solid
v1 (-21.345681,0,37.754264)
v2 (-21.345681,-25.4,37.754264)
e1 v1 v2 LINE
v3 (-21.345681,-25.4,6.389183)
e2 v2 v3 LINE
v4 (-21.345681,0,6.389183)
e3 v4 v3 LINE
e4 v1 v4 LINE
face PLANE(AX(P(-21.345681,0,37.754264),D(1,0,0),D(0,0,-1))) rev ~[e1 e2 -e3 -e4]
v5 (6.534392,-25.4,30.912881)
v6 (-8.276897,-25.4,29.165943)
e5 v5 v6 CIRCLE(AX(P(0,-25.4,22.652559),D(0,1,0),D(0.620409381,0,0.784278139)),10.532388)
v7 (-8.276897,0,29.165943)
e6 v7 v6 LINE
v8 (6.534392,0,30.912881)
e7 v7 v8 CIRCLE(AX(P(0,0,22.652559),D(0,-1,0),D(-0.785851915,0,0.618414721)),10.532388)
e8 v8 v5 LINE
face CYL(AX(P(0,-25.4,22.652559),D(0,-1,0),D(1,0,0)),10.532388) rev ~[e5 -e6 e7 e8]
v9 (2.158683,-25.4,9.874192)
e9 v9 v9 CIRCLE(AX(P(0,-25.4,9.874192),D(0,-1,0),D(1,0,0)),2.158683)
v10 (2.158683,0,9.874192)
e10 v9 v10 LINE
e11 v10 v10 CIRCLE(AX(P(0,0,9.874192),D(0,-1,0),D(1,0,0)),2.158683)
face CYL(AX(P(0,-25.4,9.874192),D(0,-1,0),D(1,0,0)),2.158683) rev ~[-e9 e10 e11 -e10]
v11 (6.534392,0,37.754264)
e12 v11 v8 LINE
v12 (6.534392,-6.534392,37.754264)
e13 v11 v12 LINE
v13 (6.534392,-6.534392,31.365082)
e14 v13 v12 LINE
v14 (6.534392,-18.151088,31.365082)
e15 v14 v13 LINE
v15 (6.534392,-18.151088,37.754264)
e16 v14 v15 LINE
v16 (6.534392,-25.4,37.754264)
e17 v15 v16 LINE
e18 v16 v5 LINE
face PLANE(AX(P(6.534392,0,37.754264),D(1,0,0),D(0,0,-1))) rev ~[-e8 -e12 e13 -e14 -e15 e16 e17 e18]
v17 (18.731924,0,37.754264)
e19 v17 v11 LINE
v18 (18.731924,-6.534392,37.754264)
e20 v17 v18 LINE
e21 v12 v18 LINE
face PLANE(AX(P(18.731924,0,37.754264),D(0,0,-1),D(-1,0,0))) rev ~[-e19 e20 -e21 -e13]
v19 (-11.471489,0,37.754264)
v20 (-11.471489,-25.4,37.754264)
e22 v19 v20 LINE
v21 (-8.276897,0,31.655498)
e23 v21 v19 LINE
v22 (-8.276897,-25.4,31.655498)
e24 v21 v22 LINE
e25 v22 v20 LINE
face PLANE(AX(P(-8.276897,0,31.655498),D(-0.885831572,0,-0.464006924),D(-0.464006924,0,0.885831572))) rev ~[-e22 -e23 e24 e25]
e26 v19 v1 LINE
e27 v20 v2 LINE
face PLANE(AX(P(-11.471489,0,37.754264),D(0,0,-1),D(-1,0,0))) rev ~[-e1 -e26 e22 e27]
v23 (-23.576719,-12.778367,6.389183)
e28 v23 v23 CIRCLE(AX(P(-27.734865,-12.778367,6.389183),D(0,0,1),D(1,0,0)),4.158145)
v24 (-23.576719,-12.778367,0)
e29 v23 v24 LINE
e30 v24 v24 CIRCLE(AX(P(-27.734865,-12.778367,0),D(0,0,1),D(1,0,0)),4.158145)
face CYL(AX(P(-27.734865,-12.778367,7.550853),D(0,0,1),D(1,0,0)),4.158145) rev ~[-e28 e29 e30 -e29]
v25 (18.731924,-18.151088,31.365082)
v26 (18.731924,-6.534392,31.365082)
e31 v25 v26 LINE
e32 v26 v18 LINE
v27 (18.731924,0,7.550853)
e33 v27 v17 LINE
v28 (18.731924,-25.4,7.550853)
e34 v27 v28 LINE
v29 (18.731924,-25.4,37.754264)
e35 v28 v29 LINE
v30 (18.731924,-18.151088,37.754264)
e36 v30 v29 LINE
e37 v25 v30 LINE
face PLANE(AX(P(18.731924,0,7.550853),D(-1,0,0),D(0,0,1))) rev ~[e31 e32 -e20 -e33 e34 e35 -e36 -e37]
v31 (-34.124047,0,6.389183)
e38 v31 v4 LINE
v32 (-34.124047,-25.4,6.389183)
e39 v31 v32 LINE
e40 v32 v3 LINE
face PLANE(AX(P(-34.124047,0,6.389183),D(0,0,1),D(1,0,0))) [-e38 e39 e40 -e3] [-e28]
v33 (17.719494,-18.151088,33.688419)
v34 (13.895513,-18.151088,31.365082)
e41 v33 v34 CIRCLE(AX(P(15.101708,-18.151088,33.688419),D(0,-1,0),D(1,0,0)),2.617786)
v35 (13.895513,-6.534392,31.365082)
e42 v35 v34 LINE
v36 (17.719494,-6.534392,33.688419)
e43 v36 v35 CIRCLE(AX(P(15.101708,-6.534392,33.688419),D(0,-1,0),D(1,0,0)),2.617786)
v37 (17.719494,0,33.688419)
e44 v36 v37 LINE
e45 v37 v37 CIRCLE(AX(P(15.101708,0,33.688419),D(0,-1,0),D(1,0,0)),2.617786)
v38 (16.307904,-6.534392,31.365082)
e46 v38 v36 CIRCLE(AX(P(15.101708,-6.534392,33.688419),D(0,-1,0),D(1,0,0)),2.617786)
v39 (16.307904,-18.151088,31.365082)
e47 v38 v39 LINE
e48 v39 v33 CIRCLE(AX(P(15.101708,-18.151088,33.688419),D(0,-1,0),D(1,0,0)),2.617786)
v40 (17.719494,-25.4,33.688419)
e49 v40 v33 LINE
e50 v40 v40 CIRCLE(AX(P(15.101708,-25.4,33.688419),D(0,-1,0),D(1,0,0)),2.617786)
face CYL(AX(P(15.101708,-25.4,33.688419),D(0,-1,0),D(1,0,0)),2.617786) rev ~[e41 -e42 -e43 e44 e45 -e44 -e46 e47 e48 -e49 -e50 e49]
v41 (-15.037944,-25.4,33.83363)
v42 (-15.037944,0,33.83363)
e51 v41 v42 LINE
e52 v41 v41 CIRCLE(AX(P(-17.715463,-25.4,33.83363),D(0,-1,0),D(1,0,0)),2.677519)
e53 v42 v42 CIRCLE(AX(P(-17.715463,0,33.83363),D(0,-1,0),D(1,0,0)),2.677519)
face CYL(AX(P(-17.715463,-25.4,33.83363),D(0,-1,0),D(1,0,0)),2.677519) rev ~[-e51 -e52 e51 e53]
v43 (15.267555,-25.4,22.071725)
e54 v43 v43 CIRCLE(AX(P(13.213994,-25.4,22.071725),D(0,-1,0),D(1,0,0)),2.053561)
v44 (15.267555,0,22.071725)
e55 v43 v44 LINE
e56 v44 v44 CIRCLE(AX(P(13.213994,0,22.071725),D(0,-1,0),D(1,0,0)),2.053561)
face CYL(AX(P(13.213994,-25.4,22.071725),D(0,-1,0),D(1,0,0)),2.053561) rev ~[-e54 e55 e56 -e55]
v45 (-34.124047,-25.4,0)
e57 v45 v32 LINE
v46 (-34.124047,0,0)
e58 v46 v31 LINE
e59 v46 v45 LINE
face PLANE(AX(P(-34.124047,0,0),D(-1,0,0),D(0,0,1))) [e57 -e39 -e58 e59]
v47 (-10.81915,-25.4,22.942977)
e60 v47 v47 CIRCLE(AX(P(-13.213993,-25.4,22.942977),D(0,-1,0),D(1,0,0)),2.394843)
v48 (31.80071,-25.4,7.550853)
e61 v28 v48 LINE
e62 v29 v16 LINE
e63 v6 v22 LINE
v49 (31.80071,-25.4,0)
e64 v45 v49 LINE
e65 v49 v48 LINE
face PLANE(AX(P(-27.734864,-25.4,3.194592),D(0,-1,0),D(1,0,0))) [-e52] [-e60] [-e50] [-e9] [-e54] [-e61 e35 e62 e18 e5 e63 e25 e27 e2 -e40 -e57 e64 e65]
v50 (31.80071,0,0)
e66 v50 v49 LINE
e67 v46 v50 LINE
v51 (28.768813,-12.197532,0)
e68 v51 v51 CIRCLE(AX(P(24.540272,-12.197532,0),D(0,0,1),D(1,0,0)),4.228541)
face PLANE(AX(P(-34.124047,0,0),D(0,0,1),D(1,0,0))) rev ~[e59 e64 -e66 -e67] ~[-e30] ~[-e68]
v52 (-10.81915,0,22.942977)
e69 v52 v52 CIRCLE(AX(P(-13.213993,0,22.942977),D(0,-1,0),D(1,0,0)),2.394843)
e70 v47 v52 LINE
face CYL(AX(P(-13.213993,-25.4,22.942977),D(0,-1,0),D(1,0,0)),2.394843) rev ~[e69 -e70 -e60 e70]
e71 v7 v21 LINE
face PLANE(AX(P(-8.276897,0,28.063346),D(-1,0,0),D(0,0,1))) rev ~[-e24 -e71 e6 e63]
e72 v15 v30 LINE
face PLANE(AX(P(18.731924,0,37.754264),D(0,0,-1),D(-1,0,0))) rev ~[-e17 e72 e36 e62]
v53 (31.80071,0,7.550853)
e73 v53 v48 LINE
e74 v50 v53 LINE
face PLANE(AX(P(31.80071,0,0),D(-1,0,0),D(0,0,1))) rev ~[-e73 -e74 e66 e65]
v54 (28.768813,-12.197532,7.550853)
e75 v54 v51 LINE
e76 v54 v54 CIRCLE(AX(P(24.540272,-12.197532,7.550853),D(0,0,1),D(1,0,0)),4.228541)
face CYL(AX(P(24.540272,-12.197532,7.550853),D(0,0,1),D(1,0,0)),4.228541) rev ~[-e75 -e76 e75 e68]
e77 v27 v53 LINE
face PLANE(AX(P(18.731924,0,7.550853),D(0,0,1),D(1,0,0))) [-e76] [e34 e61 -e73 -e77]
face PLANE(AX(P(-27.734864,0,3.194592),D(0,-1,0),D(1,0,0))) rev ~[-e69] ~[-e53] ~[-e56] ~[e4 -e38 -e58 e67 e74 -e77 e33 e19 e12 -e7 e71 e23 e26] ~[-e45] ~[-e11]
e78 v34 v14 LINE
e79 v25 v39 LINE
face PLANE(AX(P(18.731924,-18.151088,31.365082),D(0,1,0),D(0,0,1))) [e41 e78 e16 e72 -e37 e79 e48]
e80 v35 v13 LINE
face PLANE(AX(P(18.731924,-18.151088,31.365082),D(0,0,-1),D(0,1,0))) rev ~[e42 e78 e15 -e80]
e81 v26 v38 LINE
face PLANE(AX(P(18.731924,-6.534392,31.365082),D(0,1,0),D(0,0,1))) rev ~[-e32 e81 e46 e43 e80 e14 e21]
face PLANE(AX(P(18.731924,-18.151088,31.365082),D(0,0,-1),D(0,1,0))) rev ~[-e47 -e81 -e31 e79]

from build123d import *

# Parameters (mm, degrees)
F0_W       = 12.7783659846
F0_H       = 6.3891834579
F0_W_2     = 13.0687858909
F0_H_2     = 7.5508533046
F1_DEPTH   = 25.4
F2_R       = 10.532388255
F3_DEPTH   = 25.4
F4_R       = 2.0535610712
F4_R_2     = 2.1586830731
F4_R_3     = 2.3948426669
F5_DEPTH   = 25.4
F6_R       = 4.2285410778
F6_R_2     = 4.1581451927
F1_FACE2_W = 65.9247562289
F1_FACE2_H = 25.4
F7_DEPTH   = 7.5518533046
F8_R       = 2.677519439
F8_R_2     = 2.6177858958
F9_DEPTH   = 25.4
F10_W      = 11.6166961379
F10_H      = 11.0358633101
F11_DEPTH  = 12.1975312941


with BuildPart() as f1:
    # F0 (on Front) → F1 (new body)
    with BuildSketch(Plane.XZ):
        with Locations((-27.7348635718, 3.194591729)):
            Rectangle(F0_W, F0_H)
        Polygon((-21.3456805795, 6.3891834579), (-21.3456805795, 0), (0, 0), (18.7319237739, 0), (18.7319237739, 7.5508533046), (18.7319237739, 37.7542637289), (6.5343924798, 37.7542637289), (6.5343924798, 28.0633459114), (-8.2768974826, 28.0633459114), (-8.2768974826, 31.655497849), (-11.4714885131, 37.7542637289), (-21.3456805795, 37.7542637289), (-21.3456805795, 14.8112885654), align=None)
        with Locations((25.2663167194, 3.7754266523)):
            Rectangle(F0_W_2, F0_H_2)
    extrude(amount=F1_DEPTH)

    # F2 (on face) → F3 (cut, through all)
    with BuildSketch(Plane.XZ.offset(25.4)):
        with Locations((0, 22.6525589824)):
            Circle(F2_R)
    extrude(amount=-F3_DEPTH, mode=Mode.SUBTRACT)

    # F4 (on face) → F5 (cut, through all)
    with BuildSketch(Plane.XZ.offset(25.4)):
        with Locations((13.2139939815, 22.0717247576)):
            Circle(F4_R)
        with Locations((0, 9.8741920665)):
            Circle(F4_R_2)
        with Locations((-13.2139930502, 22.9429770261)):
            Circle(F4_R_3)
    extrude(amount=-F5_DEPTH, mode=Mode.SUBTRACT)

    # F6 (on face) + F1_face2 (on face) → F7 (cut, through all)
    with BuildSketch(Plane.XY.offset(7.5508533046)):
        with Locations((24.54027161, -12.1975317597)):
            Circle(F6_R)
        with Locations((-27.7348645031, -12.7783669159)):
            Circle(F6_R_2)
    with BuildSketch(Plane(origin=(-1.1616684496, -12.7, 0), x_dir=(1, 0, 0), z_dir=(0, 0, -1))):
        Rectangle(F1_FACE2_W, F1_FACE2_H)
    extrude(amount=-F7_DEPTH, dir=(0, 0, 1), mode=Mode.SUBTRACT)

    # F8 (on face) → F9 (cut, through all)
    with BuildSketch(Plane.XZ.offset(25.4)):
        with Locations((-17.7154634148, 33.833630383)):
            Circle(F8_R)
        with Locations((15.1017084718, 33.6884185672)):
            Circle(F8_R_2)
    extrude(amount=-F9_DEPTH, mode=Mode.SUBTRACT)

    # F10 (on face) → F11 (cut, through all)
    with BuildSketch(Plane.YZ.offset(18.7319237739)):
        with Locations((-12.3427396175, 36.8830133229)):
            Rectangle(F10_W, F10_H)
    extrude(amount=-F11_DEPTH, mode=Mode.SUBTRACT)


solid = f1.part
